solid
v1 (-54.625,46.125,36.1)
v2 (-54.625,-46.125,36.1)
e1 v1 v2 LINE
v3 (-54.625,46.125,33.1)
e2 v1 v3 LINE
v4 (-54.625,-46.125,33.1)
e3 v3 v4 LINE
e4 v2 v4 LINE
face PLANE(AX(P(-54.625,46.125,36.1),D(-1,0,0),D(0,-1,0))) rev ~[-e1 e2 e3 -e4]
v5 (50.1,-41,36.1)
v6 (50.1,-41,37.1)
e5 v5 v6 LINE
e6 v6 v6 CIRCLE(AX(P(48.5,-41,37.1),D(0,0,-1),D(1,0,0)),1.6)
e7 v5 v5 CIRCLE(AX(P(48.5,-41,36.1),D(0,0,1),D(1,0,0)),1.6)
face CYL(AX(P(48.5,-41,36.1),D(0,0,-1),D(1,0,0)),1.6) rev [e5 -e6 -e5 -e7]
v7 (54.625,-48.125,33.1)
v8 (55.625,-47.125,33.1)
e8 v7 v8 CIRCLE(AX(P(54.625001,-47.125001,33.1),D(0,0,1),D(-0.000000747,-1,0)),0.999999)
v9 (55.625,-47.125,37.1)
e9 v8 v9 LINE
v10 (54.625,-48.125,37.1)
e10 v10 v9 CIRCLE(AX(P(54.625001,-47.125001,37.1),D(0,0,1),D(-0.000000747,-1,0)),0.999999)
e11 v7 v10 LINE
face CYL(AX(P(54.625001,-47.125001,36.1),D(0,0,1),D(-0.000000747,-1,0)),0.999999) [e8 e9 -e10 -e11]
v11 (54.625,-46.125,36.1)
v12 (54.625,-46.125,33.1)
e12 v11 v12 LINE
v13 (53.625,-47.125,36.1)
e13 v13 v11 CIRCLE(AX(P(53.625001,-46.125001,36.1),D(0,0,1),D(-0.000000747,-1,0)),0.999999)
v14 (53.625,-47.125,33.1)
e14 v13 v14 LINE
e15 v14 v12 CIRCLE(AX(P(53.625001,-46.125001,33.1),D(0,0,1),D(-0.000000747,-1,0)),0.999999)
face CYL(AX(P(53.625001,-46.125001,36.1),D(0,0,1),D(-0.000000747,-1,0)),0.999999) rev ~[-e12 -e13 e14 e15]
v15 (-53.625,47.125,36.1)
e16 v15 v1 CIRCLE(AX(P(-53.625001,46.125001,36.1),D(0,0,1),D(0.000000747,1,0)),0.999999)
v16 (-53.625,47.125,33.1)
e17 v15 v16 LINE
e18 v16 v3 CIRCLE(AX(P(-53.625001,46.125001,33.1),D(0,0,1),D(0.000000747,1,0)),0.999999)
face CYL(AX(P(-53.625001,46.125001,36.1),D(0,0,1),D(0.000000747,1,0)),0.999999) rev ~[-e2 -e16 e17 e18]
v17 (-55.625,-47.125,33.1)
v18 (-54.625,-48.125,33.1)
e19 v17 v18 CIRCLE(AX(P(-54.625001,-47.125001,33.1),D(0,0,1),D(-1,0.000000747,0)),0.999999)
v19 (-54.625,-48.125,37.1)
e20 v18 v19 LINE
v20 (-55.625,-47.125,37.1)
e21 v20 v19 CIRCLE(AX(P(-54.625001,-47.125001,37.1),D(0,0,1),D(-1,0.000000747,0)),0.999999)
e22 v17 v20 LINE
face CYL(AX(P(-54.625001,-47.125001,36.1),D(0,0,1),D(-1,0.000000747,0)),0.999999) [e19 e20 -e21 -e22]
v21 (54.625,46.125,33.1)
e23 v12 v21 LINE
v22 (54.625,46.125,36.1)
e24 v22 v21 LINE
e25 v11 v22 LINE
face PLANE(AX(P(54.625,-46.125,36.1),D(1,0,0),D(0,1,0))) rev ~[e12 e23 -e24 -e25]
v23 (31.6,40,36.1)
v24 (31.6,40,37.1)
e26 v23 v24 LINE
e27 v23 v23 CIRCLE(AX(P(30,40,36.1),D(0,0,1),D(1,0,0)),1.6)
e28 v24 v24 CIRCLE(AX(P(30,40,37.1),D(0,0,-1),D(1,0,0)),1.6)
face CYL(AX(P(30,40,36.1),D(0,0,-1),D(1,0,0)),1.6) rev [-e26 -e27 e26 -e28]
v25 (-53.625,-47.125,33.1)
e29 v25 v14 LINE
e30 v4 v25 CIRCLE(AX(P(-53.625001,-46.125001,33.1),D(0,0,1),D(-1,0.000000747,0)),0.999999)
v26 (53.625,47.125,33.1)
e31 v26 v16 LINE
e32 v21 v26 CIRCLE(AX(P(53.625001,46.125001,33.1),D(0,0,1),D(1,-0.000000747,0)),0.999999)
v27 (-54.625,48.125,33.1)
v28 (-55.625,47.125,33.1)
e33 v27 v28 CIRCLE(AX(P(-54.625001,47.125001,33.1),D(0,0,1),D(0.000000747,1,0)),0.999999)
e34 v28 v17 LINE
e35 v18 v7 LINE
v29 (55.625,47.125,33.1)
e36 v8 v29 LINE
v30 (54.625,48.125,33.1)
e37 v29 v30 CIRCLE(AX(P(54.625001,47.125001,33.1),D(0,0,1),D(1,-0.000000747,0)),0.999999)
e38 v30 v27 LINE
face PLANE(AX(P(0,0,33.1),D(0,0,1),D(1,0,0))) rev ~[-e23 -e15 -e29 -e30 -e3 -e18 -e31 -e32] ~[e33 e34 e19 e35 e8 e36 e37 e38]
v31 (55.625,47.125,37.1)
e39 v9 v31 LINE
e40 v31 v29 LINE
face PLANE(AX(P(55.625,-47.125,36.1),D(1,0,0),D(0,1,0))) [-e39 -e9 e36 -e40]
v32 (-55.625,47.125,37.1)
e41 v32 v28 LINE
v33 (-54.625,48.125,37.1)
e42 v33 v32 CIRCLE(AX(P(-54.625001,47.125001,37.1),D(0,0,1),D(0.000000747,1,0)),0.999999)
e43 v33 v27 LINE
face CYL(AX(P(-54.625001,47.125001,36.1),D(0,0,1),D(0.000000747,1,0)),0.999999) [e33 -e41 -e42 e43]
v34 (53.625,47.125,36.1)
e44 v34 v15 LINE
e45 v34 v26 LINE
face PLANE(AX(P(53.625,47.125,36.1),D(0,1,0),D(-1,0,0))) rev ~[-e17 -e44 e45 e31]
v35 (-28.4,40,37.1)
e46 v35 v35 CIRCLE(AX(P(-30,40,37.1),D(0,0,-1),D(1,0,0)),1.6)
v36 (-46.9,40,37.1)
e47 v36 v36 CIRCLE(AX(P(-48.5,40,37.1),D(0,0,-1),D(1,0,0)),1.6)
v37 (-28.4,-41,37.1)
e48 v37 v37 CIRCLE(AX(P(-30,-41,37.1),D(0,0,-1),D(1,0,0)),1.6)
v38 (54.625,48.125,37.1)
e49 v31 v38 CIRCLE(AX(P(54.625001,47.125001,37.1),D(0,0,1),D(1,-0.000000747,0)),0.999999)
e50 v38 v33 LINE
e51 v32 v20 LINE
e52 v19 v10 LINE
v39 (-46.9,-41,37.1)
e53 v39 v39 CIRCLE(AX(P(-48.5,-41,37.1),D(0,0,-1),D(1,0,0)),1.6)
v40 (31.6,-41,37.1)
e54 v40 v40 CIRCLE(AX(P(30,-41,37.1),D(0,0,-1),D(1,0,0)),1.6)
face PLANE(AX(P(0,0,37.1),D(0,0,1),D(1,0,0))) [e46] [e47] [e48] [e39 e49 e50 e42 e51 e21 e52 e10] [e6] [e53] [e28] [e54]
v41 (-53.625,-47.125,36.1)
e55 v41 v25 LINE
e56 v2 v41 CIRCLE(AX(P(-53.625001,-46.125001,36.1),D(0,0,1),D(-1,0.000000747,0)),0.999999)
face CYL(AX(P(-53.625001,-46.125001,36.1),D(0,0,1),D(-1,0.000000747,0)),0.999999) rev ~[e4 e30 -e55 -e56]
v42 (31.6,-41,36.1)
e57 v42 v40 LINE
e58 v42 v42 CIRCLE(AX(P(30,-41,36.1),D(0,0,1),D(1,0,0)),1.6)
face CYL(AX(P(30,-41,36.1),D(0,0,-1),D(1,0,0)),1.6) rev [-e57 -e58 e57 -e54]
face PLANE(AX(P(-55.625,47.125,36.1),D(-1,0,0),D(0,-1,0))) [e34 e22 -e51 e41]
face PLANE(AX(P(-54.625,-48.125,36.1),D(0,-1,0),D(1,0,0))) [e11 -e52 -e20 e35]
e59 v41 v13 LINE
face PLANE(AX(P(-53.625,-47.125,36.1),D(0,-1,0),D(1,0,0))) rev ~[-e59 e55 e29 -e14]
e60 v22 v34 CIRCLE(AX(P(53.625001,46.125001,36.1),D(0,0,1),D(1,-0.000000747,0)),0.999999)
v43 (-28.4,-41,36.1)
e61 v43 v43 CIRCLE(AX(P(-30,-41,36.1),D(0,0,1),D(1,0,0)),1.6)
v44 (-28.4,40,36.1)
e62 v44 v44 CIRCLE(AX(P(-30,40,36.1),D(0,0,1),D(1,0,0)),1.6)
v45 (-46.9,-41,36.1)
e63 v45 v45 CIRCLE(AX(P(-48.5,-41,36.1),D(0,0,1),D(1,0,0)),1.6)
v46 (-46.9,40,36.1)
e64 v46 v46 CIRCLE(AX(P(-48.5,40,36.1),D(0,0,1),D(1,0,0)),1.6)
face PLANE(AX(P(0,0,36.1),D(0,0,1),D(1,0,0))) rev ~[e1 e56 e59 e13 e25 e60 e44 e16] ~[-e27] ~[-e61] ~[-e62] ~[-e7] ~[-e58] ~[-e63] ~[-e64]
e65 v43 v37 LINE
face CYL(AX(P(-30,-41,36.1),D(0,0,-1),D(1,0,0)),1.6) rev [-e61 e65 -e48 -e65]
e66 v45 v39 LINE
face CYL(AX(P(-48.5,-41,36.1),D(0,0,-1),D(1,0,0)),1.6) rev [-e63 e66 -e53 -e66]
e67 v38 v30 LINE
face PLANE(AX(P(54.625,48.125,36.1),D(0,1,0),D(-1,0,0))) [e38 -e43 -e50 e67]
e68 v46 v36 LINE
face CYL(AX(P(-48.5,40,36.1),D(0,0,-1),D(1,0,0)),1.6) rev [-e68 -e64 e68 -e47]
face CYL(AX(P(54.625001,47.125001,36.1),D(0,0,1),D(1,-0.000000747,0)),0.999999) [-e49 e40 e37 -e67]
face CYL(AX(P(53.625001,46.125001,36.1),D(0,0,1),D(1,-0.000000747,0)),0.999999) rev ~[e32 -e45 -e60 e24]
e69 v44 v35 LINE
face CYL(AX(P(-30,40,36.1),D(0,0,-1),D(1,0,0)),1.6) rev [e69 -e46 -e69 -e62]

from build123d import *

# Parameters (mm, degrees)
PAD030_DEPTH    = 1
PAD031_DEPTH    = 3
SKETCH049_R     = 1.6
POCKET019_DEPTH = 5


with BuildPart() as part:
    # Sketch047 → Pad030 (new body)
    with BuildSketch(Plane.XY):
        with BuildLine():
            Line((-55.625, 47.125), (-55.625, -47.125))
            ThreePointArc((-55.625, -47.125), (-55.332107, -47.832107), (-54.625, -48.125))
            Line((-54.625, -48.125), (54.625, -48.125))
            ThreePointArc((54.625, -48.125), (55.332107, -47.832107), (55.625, -47.125))
            Line((55.625, -47.125), (55.625, 47.125))
            ThreePointArc((55.625, 47.125), (55.332107, 47.832107), (54.625, 48.125))
            Line((54.625, 48.125), (-54.625, 48.125))
            ThreePointArc((-54.625, 48.125), (-55.332107, 47.832107), (-55.625, 47.125))
        make_face()
    extrude(amount=PAD030_DEPTH)

    # Sketch048 → Pad031 (join)
    with BuildSketch(Plane.XY):
        with BuildLine():
            Line((-55.625, 47.125), (-55.625, -47.125))
            ThreePointArc((-55.625, -47.125), (-55.332107, -47.832107), (-54.625, -48.125))
            Line((-54.625, -48.125), (54.625, -48.125))
            ThreePointArc((54.625, -48.125), (55.332107, -47.832107), (55.625, -47.125))
            Line((55.625, -47.125), (55.625, 47.125))
            ThreePointArc((55.625, 47.125), (55.332107, 47.832107), (54.625, 48.125))
            Line((54.625, 48.125), (-54.625, 48.125))
            ThreePointArc((-54.625, 48.125), (-55.332107, 47.832107), (-55.625, 47.125))
        make_face()
        with BuildLine():
            Line((-54.625, 46.125), (-54.625, -46.125))
            ThreePointArc((-54.625, -46.125), (-54.332107, -46.832107), (-53.625, -47.125))
            Line((-53.625, -47.125), (53.625, -47.125))
            ThreePointArc((53.625, -47.125), (54.332107, -46.832107), (54.625, -46.125))
            Line((54.625, -46.125), (54.625, 46.125))
            ThreePointArc((54.625, 46.125), (54.332107, 46.832107), (53.625, 47.125))
            Line((53.625, 47.125), (-53.625, 47.125))
            ThreePointArc((-53.625, 47.125), (-54.332107, 46.832107), (-54.625, 46.125))
        make_face(mode=Mode.SUBTRACT)
    extrude(amount=-PAD031_DEPTH)

    # Sketch049 → Pocket019 (cut)
    with BuildSketch(Plane.XY):
        with Locations((-48.5, 40)):
            Circle(SKETCH049_R)
        with Locations((-30, 40)):
            Circle(SKETCH049_R)
        with Locations((30, 40)):
            Circle(SKETCH049_R)
        with Locations((-30, -41)):
            Circle(SKETCH049_R)
        with Locations((-48.5, -41)):
            Circle(SKETCH049_R)
        with Locations((30, -41)):
            Circle(SKETCH049_R)
        with Locations((48.5, -41)):
            Circle(SKETCH049_R)
    extrude(amount=POCKET019_DEPTH, mode=Mode.SUBTRACT)


with BuildPart() as part_1:
    # Body013 placement: moved
    add(part.part.moved(Location((0, 0, 36.1))))


solid = part_1.part
